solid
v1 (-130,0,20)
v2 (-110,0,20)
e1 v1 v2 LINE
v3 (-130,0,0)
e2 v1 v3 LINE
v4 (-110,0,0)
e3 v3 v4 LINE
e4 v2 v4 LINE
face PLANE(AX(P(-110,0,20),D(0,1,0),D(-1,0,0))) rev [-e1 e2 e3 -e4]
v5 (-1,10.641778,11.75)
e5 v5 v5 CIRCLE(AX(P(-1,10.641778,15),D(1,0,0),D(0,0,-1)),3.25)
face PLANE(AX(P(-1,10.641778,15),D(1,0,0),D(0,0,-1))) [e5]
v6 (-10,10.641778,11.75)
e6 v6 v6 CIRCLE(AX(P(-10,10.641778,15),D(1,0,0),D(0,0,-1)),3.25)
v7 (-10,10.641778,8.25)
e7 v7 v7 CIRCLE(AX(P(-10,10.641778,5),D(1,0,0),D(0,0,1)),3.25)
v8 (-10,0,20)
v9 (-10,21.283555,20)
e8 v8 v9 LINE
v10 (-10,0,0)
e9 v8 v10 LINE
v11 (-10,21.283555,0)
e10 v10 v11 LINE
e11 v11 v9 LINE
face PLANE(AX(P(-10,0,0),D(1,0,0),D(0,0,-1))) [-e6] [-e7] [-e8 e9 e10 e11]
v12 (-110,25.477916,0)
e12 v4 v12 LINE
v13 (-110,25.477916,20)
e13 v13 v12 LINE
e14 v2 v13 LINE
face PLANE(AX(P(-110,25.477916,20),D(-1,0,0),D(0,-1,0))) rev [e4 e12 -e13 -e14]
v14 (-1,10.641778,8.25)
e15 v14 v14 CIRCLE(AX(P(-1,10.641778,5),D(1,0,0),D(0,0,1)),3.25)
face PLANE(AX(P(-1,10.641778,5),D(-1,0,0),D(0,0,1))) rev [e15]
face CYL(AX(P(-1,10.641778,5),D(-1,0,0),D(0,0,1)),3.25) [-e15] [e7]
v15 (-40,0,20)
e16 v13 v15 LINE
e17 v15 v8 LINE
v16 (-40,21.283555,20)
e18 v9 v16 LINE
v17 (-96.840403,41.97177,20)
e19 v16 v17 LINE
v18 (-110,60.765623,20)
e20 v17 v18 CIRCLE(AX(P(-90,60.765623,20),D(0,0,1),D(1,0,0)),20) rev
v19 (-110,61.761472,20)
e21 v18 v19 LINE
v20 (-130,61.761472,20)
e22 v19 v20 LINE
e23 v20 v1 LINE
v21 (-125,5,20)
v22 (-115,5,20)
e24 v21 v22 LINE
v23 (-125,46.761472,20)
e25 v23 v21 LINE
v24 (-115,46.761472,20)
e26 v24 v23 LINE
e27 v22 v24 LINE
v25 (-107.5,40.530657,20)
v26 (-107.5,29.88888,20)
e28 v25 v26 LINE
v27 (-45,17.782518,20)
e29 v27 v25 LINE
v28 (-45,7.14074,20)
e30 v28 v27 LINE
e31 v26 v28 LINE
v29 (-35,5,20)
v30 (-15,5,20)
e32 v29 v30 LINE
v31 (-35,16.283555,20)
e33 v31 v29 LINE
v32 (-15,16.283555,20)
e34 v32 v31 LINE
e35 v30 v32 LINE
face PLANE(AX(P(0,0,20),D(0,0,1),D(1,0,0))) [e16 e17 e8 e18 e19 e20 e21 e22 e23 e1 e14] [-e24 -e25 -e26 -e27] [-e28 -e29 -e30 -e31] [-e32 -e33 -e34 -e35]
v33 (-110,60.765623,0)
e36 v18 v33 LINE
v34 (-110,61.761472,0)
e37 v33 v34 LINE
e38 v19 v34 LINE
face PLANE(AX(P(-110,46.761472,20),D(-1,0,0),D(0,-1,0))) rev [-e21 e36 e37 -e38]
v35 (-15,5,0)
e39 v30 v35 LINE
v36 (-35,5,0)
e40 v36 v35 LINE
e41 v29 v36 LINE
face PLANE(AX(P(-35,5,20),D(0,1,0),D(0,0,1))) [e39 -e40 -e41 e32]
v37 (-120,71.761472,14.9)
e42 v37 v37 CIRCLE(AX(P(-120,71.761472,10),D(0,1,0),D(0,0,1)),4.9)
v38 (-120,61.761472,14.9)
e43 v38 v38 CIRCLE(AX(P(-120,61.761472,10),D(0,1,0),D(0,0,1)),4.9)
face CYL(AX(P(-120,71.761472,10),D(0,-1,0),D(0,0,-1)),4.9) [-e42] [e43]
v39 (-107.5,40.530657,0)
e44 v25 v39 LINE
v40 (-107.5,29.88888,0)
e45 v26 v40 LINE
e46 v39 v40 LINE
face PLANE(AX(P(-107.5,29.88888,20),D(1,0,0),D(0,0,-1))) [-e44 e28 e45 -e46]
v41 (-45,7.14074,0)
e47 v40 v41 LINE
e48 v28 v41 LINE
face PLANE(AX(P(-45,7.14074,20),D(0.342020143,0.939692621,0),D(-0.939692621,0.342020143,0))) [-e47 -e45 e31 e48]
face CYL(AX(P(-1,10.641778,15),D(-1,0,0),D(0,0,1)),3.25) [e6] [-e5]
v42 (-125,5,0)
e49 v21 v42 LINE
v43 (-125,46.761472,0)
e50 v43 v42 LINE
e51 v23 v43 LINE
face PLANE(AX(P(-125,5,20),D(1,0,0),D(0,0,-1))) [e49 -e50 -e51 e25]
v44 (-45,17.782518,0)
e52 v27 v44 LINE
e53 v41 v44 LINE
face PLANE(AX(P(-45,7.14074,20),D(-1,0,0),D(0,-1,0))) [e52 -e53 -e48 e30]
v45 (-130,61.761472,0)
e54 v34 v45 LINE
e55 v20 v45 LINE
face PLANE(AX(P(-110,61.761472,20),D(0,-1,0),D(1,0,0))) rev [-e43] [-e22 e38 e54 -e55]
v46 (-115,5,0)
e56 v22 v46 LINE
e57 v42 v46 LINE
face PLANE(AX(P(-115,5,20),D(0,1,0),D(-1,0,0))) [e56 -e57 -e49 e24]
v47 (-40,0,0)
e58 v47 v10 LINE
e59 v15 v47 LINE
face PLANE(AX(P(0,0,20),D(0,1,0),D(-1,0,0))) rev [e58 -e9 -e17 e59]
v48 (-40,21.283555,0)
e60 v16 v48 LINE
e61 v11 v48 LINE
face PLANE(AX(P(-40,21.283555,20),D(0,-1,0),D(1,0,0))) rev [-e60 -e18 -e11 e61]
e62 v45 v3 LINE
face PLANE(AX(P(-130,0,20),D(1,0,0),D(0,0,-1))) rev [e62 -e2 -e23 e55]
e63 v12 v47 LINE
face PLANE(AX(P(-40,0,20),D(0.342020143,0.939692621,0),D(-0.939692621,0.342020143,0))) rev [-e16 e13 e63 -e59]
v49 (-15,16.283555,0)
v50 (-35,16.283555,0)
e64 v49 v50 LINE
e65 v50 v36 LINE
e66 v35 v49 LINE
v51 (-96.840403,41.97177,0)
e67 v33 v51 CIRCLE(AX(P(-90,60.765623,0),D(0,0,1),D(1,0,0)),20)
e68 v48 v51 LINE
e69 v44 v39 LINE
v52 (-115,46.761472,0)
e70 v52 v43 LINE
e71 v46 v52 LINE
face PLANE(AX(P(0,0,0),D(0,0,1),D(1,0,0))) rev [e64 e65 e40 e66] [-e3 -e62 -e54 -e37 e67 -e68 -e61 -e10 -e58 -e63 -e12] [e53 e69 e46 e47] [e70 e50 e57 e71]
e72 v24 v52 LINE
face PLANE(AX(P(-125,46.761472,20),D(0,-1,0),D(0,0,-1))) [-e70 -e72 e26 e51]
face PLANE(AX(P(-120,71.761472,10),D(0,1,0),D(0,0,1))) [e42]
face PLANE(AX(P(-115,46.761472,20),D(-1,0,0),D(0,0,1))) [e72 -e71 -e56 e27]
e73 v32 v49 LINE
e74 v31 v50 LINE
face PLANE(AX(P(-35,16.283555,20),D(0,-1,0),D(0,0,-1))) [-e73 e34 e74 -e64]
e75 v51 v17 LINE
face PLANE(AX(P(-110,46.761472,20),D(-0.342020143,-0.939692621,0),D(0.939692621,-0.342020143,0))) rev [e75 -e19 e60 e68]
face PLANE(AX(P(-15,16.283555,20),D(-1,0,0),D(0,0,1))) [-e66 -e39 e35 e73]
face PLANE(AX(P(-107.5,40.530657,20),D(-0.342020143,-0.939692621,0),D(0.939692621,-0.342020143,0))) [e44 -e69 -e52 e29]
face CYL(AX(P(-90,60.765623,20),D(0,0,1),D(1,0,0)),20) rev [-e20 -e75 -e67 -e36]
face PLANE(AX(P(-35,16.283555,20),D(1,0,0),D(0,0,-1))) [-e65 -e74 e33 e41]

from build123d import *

# Parameters (mm, degrees)
ESQUISSE1_W             = 10
ESQUISSE1_H             = 41.761471848
ESQUISSE1_W_2           = 20
ESQUISSE1_H_2           = 11.28355545
BOSS_EXTRU_1_DEPTH      = 20
CONG_1_R                = 20
ESQUISSE2_R             = 4.9
BOSS_EXTRU_2_DEPTH      = 10
ESQUISSE4_W             = 62.840930267
ESQUISSE4_H             = 35.08297334
ENL_V_MAT_EXTRU_1_DEPTH = 10
ESQUISSE6_R             = 3.25
BOSS_EXTRU_3_DEPTH      = 9


with BuildPart() as part:
    # Esquisse1 → Boss.-Extru.1 (new body)
    with BuildSketch(Plane.XY):
        Polygon((0, 0), (0, 21.28355545), (-40, 21.28355545), (-110, 46.761471848), (-110, 61.761471848), (-130, 61.761471848), (-130, 0), (-110, 0), (-110, 25.477916399), (-40, 0), align=None)
        Polygon((-107.5, 40.5306574), (-45, 17.782517758), (-45, 7.140740034), (-107.5, 29.888879675), align=None, mode=Mode.SUBTRACT)
        with Locations((-120, 25.880735924)):
            Rectangle(ESQUISSE1_W, ESQUISSE1_H, mode=Mode.SUBTRACT)
        with Locations((-25, 10.641777725)):
            Rectangle(ESQUISSE1_W_2, ESQUISSE1_H_2, mode=Mode.SUBTRACT)
    extrude(amount=BOSS_EXTRU_1_DEPTH)

    # Congé1
    cong_1_edges = [part.edges().sort_by_distance(p)[0] for p in [
        (-110, 46.761471848, 10),
    ]]
    fillet(cong_1_edges, radius=CONG_1_R)

    # Esquisse2 → Boss.-Extru.2 (add)
    with BuildSketch(Plane(origin=(0, 61.761471848, 0), x_dir=(1, 0, 0), z_dir=(0, 1, 0))):
        with Locations(Location((-120, -10, 0), (0, 0, 270))):
            Circle(ESQUISSE2_R)
    extrude(amount=BOSS_EXTRU_2_DEPTH)

    # Esquisse4 → Enlèv. mat.-Extru.1 (cut)
    with BuildSketch(Plane(origin=(0, 0, 0), x_dir=(0, 0, -1), z_dir=(1, 0, 0))):
        with Locations((-15.686525899, 12.319682914)):
            Rectangle(ESQUISSE4_W, ESQUISSE4_H)
    extrude(amount=-ENL_V_MAT_EXTRU_1_DEPTH, mode=Mode.SUBTRACT)

    # Esquisse6 → Boss.-Extru.3 (add)
    with BuildSketch(Plane(origin=(-10, 0, 0), x_dir=(0, 0, -1), z_dir=(1, 0, 0))):
        with Locations((-15, 10.641777725)):
            Circle(ESQUISSE6_R)
        with Locations(Location((-5, 10.641777725, 0), (0, 0, 180))):
            Circle(ESQUISSE6_R)
    extrude(amount=BOSS_EXTRU_3_DEPTH)


solid = part.part
